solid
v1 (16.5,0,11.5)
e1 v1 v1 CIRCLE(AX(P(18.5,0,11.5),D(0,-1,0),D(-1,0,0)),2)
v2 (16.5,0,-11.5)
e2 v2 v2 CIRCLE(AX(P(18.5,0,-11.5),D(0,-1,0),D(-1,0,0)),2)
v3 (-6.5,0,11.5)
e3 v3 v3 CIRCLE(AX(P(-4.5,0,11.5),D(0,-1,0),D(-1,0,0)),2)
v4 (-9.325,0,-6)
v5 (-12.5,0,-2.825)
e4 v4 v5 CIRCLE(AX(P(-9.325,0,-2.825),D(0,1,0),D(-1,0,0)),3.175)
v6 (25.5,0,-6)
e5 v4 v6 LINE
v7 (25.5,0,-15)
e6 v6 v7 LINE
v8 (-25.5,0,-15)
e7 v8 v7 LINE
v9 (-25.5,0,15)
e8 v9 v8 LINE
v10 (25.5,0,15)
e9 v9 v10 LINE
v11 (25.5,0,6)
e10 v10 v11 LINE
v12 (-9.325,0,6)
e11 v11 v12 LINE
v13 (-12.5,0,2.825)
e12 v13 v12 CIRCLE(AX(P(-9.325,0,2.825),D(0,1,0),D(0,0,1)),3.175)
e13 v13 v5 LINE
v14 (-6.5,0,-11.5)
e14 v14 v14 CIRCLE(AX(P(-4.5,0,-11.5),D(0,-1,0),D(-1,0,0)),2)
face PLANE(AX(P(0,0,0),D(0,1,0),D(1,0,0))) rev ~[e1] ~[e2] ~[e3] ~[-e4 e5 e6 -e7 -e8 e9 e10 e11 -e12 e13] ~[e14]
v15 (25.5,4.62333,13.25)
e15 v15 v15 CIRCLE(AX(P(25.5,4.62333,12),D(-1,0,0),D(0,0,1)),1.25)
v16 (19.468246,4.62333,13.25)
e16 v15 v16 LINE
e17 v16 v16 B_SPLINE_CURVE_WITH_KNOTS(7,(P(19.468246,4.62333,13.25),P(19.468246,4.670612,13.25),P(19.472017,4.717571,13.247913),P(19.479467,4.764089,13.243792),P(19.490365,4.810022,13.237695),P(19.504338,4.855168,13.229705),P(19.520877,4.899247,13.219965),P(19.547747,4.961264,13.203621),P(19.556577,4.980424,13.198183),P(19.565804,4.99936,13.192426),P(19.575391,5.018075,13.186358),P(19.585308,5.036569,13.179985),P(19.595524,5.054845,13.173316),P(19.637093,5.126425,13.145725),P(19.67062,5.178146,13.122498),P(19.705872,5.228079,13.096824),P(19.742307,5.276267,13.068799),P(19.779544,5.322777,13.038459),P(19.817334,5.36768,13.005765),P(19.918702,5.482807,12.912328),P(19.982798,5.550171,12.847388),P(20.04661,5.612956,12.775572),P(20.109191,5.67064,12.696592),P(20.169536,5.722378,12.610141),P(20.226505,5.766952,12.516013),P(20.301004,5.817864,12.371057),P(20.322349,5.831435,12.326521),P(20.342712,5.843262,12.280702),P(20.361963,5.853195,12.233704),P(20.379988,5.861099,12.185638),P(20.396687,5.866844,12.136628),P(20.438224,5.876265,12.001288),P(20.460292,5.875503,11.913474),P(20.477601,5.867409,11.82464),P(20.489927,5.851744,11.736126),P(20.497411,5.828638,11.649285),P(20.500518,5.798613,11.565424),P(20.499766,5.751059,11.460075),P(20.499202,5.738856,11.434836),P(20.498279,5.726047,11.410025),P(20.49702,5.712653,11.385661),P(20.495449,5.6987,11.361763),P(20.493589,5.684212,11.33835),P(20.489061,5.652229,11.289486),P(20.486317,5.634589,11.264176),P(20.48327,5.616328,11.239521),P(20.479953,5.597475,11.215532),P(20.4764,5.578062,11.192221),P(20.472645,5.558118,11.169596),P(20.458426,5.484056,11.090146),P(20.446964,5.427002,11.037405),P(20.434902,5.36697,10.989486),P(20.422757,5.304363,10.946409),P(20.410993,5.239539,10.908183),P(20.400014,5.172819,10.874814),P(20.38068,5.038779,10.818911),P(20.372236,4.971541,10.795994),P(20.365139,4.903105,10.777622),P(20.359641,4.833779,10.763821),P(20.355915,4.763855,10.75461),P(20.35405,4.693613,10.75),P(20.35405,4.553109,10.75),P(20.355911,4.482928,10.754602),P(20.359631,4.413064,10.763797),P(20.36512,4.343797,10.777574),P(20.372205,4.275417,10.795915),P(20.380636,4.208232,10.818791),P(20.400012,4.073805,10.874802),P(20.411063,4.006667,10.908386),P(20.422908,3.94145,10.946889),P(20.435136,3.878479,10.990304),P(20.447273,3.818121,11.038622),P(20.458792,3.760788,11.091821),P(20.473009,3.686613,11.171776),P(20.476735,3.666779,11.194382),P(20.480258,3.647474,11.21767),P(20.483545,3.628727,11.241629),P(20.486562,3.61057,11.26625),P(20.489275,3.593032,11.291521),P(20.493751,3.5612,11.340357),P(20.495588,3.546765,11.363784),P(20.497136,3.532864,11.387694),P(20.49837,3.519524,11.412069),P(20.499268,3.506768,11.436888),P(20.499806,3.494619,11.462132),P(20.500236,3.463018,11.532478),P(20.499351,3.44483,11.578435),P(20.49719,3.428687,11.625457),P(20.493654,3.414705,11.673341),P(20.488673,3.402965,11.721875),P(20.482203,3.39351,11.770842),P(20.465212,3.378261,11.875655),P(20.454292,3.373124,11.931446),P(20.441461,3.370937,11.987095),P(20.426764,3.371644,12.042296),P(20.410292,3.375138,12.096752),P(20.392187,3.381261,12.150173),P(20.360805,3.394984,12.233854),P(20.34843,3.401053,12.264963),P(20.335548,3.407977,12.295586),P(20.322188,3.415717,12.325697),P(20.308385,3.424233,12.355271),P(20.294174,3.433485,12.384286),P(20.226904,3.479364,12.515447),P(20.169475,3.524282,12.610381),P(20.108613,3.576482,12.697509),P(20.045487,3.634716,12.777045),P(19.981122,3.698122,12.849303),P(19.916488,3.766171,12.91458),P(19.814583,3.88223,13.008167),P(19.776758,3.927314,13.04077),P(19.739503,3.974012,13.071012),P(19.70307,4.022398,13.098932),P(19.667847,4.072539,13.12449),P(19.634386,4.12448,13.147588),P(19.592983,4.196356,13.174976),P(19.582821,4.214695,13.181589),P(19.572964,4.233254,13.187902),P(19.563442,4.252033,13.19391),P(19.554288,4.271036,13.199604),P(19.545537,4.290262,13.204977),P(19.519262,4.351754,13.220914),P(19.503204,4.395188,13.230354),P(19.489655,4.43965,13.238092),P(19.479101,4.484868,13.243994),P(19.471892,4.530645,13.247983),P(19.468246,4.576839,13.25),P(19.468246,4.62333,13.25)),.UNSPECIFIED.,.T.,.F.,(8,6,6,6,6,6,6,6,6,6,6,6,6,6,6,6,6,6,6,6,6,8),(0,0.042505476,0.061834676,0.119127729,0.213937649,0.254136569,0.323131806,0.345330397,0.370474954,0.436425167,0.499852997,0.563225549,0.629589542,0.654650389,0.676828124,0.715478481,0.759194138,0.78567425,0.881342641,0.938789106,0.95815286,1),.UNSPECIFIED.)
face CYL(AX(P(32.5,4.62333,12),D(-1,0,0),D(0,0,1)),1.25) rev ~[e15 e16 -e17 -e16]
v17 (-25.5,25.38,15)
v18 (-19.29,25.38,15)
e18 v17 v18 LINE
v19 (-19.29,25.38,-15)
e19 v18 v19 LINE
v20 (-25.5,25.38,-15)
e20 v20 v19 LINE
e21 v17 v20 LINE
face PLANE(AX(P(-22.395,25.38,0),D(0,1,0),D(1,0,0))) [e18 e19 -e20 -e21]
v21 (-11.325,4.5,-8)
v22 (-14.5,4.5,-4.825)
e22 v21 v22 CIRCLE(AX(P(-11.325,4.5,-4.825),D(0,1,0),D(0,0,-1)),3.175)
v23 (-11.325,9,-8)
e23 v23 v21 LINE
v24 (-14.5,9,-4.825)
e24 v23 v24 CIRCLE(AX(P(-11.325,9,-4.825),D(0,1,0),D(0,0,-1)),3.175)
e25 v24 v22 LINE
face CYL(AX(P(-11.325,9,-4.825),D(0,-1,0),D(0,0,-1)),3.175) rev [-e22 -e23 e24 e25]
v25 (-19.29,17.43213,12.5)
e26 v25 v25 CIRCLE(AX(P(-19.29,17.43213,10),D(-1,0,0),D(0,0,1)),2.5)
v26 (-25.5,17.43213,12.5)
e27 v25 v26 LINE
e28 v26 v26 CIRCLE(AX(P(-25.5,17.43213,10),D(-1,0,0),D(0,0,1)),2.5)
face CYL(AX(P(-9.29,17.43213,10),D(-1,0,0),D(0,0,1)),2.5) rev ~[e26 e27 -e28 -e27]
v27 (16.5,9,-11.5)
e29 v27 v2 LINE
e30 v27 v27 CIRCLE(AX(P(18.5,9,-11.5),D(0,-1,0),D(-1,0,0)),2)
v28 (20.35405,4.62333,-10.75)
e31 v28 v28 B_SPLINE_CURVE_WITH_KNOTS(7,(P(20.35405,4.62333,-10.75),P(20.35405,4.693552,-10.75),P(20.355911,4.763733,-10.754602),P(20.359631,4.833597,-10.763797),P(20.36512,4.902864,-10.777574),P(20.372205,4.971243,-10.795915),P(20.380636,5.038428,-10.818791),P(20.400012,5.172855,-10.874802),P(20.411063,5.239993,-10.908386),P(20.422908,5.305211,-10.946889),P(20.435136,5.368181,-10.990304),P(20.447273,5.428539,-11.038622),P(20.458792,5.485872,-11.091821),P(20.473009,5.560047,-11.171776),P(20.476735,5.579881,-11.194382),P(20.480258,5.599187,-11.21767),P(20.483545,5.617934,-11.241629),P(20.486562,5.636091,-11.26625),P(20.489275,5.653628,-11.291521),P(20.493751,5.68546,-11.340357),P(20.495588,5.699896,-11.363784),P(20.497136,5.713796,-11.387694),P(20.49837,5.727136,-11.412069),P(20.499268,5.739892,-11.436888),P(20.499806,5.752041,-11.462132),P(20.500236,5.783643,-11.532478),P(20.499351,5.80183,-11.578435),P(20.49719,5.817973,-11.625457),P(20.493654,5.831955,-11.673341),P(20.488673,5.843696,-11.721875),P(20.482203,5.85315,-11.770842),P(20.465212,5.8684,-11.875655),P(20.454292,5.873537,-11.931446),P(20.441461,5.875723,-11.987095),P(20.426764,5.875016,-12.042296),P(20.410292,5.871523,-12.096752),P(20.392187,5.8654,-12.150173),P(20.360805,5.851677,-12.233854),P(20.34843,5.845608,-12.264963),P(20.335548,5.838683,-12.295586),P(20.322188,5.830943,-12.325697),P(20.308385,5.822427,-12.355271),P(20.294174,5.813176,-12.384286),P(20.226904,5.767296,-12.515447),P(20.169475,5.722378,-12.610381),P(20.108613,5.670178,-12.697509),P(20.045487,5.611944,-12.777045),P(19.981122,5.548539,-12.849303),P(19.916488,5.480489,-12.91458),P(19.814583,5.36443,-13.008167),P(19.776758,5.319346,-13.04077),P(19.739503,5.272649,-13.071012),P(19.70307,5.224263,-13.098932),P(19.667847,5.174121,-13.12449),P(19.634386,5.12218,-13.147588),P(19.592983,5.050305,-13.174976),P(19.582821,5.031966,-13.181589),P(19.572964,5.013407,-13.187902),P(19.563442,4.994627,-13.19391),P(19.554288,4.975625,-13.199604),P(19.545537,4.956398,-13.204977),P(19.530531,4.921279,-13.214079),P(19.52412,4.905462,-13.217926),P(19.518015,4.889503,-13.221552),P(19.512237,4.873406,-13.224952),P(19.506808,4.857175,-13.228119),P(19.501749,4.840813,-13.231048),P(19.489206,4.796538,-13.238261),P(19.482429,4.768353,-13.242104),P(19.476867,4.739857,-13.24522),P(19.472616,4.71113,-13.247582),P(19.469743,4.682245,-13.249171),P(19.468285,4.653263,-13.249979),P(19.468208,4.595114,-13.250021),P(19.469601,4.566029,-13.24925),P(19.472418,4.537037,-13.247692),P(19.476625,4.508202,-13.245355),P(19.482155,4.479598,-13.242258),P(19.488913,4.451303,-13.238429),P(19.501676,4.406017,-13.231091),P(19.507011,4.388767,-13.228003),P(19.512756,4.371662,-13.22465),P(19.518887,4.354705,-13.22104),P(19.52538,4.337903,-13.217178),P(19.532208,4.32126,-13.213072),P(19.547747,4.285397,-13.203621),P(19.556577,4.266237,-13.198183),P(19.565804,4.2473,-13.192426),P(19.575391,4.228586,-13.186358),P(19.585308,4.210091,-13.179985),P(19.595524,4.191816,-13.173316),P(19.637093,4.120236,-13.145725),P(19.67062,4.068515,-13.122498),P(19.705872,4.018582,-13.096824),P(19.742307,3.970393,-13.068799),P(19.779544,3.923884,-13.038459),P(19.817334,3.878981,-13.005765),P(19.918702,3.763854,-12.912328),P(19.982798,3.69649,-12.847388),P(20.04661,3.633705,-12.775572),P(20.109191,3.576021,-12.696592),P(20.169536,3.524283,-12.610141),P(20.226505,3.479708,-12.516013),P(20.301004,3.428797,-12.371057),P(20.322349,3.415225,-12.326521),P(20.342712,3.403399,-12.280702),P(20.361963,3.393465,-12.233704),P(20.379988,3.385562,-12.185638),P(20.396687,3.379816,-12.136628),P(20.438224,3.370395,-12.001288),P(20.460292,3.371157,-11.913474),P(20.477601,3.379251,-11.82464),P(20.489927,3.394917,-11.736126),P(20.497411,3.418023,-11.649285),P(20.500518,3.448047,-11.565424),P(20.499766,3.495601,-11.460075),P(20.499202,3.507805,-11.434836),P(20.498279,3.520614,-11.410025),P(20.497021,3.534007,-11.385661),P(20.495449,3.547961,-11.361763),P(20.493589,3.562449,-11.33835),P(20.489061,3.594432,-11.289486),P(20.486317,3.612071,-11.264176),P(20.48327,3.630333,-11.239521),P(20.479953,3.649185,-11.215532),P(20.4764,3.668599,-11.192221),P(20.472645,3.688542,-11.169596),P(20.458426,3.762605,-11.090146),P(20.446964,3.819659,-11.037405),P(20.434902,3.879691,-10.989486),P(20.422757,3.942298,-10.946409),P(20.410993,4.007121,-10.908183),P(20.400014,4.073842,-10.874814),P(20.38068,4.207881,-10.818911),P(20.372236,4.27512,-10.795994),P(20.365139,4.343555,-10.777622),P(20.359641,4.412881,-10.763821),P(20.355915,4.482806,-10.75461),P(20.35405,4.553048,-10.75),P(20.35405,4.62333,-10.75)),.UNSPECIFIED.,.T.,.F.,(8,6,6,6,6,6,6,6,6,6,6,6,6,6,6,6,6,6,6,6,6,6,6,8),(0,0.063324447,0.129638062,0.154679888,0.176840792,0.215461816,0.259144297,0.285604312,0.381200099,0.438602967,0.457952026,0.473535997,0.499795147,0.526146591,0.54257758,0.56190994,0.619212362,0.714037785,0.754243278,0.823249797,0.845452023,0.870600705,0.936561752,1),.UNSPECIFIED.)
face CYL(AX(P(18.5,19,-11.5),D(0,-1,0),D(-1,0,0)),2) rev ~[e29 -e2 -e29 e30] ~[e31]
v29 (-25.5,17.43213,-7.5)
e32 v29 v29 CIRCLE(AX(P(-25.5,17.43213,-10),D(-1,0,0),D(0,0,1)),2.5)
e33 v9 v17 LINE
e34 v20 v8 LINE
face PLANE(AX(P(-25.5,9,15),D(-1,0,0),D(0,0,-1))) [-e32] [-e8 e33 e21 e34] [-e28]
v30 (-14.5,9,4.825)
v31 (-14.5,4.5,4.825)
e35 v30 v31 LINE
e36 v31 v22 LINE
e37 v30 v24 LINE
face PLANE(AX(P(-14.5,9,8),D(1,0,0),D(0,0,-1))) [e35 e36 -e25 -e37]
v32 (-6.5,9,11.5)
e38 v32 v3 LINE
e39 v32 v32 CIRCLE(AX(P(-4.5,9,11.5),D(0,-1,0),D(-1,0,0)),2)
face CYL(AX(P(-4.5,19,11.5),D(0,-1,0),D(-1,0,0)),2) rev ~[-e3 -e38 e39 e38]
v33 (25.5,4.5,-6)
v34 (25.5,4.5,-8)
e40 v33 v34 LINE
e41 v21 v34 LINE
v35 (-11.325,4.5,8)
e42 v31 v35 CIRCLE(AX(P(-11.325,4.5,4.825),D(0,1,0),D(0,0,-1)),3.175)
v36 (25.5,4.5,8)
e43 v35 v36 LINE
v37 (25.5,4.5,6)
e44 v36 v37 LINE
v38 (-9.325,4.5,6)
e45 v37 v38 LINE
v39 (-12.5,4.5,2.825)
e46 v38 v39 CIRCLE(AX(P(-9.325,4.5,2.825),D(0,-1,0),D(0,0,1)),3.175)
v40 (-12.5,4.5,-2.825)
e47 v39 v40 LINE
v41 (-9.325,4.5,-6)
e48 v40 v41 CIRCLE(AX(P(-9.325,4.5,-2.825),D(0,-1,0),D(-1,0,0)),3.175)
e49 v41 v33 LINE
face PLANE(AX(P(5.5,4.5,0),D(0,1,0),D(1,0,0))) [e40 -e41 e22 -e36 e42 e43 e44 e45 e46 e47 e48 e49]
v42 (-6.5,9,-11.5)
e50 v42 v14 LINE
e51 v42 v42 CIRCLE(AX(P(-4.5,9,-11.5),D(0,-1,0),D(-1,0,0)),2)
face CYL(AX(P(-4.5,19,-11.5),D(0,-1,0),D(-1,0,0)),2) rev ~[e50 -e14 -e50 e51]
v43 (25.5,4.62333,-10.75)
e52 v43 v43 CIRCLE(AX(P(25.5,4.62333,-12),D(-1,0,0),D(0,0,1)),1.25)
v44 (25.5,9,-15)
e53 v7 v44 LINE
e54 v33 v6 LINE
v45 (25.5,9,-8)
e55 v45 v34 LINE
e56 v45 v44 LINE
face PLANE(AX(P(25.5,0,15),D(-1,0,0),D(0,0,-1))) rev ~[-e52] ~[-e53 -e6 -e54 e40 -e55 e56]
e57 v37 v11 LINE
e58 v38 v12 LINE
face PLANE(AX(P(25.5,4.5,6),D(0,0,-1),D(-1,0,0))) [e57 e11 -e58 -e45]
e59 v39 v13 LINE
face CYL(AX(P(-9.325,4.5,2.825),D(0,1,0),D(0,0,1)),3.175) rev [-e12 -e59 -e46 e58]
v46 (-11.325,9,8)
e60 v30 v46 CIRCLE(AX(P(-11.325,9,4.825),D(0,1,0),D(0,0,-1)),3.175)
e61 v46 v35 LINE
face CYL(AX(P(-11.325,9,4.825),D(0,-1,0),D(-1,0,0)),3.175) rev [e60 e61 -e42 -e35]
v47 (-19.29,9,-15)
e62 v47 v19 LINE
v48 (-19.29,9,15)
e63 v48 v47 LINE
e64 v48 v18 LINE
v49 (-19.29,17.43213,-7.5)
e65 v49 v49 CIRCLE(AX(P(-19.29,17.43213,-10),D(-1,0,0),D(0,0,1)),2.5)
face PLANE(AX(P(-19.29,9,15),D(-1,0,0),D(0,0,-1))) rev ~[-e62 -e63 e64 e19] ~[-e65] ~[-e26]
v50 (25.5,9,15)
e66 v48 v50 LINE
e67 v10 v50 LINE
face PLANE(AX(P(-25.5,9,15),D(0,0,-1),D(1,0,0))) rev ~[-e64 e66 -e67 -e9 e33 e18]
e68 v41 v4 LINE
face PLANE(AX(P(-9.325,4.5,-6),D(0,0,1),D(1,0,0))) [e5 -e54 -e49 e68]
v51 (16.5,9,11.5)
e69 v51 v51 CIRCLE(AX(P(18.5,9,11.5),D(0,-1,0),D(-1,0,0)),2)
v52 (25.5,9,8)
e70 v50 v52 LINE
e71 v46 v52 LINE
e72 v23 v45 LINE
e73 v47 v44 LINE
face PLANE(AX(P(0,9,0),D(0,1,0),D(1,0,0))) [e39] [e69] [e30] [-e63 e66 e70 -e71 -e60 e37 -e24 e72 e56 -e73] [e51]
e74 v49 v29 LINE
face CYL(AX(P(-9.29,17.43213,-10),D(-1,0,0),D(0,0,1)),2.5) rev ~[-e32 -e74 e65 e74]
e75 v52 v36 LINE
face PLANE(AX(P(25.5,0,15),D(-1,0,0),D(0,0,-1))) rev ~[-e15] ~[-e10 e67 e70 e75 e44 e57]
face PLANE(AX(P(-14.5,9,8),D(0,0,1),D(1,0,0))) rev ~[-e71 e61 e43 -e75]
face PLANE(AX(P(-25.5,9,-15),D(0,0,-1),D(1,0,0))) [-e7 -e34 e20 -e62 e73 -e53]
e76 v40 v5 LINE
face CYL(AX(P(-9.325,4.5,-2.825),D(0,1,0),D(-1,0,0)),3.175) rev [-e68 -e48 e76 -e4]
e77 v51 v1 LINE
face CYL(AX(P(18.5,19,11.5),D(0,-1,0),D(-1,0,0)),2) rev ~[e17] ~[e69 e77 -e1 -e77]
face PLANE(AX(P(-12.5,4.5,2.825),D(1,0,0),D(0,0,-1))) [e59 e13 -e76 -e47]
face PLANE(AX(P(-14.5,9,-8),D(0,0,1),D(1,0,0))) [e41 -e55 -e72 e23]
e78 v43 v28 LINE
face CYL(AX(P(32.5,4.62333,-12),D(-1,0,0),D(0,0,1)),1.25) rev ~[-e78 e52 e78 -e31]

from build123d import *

# Parameters (mm, degrees)
SKETCH1_W                    = 51
SKETCH1_H                    = 30
BOSS_EXTRUDE1_DEPTH          = 9
SKETCH2_W                    = 6.21
SKETCH2_H                    = 30
BOSS_EXTRUDE2_DEPTH          = 16.38
SKETCH3_W                    = 40
SKETCH3_H                    = 16
CUT_EXTRUDE1_DEPTH           = 4.5
FILLET1_R                    = 3.175
CUT_EXTRUDE2_DEPTH           = 37.210832633
F_5_0_5_DIAMETER_HOLE1_D     = 5
F_5_0_5_DIAMETER_HOLE1_DEPTH = 10
F_5_0_5_DIAMETER_HOLE1_TIP   = 1.502151548
F_4_0_4_DIAMETER_HOLE1_D     = 4
F_4_0_4_DIAMETER_HOLE1_DEPTH = 10
F_4_0_4_DIAMETER_HOLE1_TIP   = 1.201721238
M3X0_5_TAPPED_HOLE1_D        = 2.5
M3X0_5_TAPPED_HOLE1_DEPTH    = 7
M3X0_5_TAPPED_HOLE1_TIP      = 0.751075774


with BuildPart() as part:
    # Sketch1 → Boss-Extrude1 (new body)
    with BuildSketch(Plane(origin=(0, 0, 0), x_dir=(1, 0, 0), z_dir=(0, 1, 0))):
        Rectangle(SKETCH1_W, SKETCH1_H)
    extrude(amount=BOSS_EXTRUDE1_DEPTH)

    # Sketch2 → Boss-Extrude2 (add)
    with BuildSketch(Plane(origin=(0, 9, 0), x_dir=(1, 0, 0), z_dir=(0, 1, 0))):
        with Locations((-22.395, 0)):
            Rectangle(SKETCH2_W, SKETCH2_H)
    extrude(amount=BOSS_EXTRUDE2_DEPTH)

    # Sketch3 → Cut-Extrude1 (cut)
    with BuildSketch(Plane(origin=(0, 9, 0), x_dir=(1, 0, 0), z_dir=(0, 1, 0))):
        with Locations((5.5, 0)):
            Rectangle(SKETCH3_W, SKETCH3_H)
    extrude(amount=-CUT_EXTRUDE1_DEPTH, mode=Mode.SUBTRACT)

    # Fillet1
    fillet1_edges = [part.edges().sort_by_distance(p)[0] for p in [
        (-14.5, 6.75, 8),
        (-14.5, 6.75, -8),
    ]]
    fillet(fillet1_edges, radius=FILLET1_R)

    # Sketch5 → Cut-Extrude2 (cut, through all)
    with BuildSketch(Plane(origin=(0, 4.5, 0), x_dir=(1, 0, 0), z_dir=(0, 1, 0))):
        with BuildLine():
            Line((25.5, -6), (-9.325, -6))
            ThreePointArc((-9.325, -6), (-11.57006403, -5.07006403), (-12.5, -2.825))
            Line((-12.5, -2.825), (-12.5, 2.825))
            ThreePointArc((-12.5, 2.825), (-11.57006403, 5.07006403), (-9.325, 6))
            Line((-9.325, 6), (25.5, 6))
            Line((25.5, 6), (25.5, -6))
        make_face()
    extrude(amount=-CUT_EXTRUDE2_DEPTH, mode=Mode.SUBTRACT)

    # Ø5.0 (5) Diameter Hole1
    with Locations(Plane(origin=(-19.29, 0, 0), x_dir=(0, 0, -1), z_dir=(1, 0, 0))):
        with Locations((-10, 17.432129573), (10, 17.432129573)):
            Hole(F_5_0_5_DIAMETER_HOLE1_D / 2, depth=F_5_0_5_DIAMETER_HOLE1_DEPTH)
            with Locations((0, 0, -(F_5_0_5_DIAMETER_HOLE1_DEPTH + F_5_0_5_DIAMETER_HOLE1_TIP / 2))):  # 118° drill point
                Cone(0, F_5_0_5_DIAMETER_HOLE1_D / 2, F_5_0_5_DIAMETER_HOLE1_TIP, mode=Mode.SUBTRACT)

    # Ø4.0 (4) Diameter Hole1
    with Locations(Plane(origin=(0, 9, 0), x_dir=(1, 0, 0), z_dir=(0, 1, 0))):
        with Locations((73.579545509, -261.26638596), (-4.5, -11.5), (18.5, -11.5), (18.5, 11.5), (-4.5, 11.5)):
            Hole(F_4_0_4_DIAMETER_HOLE1_D / 2, depth=F_4_0_4_DIAMETER_HOLE1_DEPTH)
            with Locations((0, 0, -(F_4_0_4_DIAMETER_HOLE1_DEPTH + F_4_0_4_DIAMETER_HOLE1_TIP / 2))):  # 118° drill point
                Cone(0, F_4_0_4_DIAMETER_HOLE1_D / 2, F_4_0_4_DIAMETER_HOLE1_TIP, mode=Mode.SUBTRACT)

    # M3x0.5 Tapped Hole1
    with Locations(Plane(origin=(25.5, 0, 0), x_dir=(0, 0, -1), z_dir=(1, 0, 0))):
        with Locations((-12, 4.623330266), (12, 4.623330266)):
            Hole(M3X0_5_TAPPED_HOLE1_D / 2, depth=M3X0_5_TAPPED_HOLE1_DEPTH)
            with Locations((0, 0, -(M3X0_5_TAPPED_HOLE1_DEPTH + M3X0_5_TAPPED_HOLE1_TIP / 2))):  # 118° drill point
                Cone(0, M3X0_5_TAPPED_HOLE1_D / 2, M3X0_5_TAPPED_HOLE1_TIP, mode=Mode.SUBTRACT)


solid = part.part
